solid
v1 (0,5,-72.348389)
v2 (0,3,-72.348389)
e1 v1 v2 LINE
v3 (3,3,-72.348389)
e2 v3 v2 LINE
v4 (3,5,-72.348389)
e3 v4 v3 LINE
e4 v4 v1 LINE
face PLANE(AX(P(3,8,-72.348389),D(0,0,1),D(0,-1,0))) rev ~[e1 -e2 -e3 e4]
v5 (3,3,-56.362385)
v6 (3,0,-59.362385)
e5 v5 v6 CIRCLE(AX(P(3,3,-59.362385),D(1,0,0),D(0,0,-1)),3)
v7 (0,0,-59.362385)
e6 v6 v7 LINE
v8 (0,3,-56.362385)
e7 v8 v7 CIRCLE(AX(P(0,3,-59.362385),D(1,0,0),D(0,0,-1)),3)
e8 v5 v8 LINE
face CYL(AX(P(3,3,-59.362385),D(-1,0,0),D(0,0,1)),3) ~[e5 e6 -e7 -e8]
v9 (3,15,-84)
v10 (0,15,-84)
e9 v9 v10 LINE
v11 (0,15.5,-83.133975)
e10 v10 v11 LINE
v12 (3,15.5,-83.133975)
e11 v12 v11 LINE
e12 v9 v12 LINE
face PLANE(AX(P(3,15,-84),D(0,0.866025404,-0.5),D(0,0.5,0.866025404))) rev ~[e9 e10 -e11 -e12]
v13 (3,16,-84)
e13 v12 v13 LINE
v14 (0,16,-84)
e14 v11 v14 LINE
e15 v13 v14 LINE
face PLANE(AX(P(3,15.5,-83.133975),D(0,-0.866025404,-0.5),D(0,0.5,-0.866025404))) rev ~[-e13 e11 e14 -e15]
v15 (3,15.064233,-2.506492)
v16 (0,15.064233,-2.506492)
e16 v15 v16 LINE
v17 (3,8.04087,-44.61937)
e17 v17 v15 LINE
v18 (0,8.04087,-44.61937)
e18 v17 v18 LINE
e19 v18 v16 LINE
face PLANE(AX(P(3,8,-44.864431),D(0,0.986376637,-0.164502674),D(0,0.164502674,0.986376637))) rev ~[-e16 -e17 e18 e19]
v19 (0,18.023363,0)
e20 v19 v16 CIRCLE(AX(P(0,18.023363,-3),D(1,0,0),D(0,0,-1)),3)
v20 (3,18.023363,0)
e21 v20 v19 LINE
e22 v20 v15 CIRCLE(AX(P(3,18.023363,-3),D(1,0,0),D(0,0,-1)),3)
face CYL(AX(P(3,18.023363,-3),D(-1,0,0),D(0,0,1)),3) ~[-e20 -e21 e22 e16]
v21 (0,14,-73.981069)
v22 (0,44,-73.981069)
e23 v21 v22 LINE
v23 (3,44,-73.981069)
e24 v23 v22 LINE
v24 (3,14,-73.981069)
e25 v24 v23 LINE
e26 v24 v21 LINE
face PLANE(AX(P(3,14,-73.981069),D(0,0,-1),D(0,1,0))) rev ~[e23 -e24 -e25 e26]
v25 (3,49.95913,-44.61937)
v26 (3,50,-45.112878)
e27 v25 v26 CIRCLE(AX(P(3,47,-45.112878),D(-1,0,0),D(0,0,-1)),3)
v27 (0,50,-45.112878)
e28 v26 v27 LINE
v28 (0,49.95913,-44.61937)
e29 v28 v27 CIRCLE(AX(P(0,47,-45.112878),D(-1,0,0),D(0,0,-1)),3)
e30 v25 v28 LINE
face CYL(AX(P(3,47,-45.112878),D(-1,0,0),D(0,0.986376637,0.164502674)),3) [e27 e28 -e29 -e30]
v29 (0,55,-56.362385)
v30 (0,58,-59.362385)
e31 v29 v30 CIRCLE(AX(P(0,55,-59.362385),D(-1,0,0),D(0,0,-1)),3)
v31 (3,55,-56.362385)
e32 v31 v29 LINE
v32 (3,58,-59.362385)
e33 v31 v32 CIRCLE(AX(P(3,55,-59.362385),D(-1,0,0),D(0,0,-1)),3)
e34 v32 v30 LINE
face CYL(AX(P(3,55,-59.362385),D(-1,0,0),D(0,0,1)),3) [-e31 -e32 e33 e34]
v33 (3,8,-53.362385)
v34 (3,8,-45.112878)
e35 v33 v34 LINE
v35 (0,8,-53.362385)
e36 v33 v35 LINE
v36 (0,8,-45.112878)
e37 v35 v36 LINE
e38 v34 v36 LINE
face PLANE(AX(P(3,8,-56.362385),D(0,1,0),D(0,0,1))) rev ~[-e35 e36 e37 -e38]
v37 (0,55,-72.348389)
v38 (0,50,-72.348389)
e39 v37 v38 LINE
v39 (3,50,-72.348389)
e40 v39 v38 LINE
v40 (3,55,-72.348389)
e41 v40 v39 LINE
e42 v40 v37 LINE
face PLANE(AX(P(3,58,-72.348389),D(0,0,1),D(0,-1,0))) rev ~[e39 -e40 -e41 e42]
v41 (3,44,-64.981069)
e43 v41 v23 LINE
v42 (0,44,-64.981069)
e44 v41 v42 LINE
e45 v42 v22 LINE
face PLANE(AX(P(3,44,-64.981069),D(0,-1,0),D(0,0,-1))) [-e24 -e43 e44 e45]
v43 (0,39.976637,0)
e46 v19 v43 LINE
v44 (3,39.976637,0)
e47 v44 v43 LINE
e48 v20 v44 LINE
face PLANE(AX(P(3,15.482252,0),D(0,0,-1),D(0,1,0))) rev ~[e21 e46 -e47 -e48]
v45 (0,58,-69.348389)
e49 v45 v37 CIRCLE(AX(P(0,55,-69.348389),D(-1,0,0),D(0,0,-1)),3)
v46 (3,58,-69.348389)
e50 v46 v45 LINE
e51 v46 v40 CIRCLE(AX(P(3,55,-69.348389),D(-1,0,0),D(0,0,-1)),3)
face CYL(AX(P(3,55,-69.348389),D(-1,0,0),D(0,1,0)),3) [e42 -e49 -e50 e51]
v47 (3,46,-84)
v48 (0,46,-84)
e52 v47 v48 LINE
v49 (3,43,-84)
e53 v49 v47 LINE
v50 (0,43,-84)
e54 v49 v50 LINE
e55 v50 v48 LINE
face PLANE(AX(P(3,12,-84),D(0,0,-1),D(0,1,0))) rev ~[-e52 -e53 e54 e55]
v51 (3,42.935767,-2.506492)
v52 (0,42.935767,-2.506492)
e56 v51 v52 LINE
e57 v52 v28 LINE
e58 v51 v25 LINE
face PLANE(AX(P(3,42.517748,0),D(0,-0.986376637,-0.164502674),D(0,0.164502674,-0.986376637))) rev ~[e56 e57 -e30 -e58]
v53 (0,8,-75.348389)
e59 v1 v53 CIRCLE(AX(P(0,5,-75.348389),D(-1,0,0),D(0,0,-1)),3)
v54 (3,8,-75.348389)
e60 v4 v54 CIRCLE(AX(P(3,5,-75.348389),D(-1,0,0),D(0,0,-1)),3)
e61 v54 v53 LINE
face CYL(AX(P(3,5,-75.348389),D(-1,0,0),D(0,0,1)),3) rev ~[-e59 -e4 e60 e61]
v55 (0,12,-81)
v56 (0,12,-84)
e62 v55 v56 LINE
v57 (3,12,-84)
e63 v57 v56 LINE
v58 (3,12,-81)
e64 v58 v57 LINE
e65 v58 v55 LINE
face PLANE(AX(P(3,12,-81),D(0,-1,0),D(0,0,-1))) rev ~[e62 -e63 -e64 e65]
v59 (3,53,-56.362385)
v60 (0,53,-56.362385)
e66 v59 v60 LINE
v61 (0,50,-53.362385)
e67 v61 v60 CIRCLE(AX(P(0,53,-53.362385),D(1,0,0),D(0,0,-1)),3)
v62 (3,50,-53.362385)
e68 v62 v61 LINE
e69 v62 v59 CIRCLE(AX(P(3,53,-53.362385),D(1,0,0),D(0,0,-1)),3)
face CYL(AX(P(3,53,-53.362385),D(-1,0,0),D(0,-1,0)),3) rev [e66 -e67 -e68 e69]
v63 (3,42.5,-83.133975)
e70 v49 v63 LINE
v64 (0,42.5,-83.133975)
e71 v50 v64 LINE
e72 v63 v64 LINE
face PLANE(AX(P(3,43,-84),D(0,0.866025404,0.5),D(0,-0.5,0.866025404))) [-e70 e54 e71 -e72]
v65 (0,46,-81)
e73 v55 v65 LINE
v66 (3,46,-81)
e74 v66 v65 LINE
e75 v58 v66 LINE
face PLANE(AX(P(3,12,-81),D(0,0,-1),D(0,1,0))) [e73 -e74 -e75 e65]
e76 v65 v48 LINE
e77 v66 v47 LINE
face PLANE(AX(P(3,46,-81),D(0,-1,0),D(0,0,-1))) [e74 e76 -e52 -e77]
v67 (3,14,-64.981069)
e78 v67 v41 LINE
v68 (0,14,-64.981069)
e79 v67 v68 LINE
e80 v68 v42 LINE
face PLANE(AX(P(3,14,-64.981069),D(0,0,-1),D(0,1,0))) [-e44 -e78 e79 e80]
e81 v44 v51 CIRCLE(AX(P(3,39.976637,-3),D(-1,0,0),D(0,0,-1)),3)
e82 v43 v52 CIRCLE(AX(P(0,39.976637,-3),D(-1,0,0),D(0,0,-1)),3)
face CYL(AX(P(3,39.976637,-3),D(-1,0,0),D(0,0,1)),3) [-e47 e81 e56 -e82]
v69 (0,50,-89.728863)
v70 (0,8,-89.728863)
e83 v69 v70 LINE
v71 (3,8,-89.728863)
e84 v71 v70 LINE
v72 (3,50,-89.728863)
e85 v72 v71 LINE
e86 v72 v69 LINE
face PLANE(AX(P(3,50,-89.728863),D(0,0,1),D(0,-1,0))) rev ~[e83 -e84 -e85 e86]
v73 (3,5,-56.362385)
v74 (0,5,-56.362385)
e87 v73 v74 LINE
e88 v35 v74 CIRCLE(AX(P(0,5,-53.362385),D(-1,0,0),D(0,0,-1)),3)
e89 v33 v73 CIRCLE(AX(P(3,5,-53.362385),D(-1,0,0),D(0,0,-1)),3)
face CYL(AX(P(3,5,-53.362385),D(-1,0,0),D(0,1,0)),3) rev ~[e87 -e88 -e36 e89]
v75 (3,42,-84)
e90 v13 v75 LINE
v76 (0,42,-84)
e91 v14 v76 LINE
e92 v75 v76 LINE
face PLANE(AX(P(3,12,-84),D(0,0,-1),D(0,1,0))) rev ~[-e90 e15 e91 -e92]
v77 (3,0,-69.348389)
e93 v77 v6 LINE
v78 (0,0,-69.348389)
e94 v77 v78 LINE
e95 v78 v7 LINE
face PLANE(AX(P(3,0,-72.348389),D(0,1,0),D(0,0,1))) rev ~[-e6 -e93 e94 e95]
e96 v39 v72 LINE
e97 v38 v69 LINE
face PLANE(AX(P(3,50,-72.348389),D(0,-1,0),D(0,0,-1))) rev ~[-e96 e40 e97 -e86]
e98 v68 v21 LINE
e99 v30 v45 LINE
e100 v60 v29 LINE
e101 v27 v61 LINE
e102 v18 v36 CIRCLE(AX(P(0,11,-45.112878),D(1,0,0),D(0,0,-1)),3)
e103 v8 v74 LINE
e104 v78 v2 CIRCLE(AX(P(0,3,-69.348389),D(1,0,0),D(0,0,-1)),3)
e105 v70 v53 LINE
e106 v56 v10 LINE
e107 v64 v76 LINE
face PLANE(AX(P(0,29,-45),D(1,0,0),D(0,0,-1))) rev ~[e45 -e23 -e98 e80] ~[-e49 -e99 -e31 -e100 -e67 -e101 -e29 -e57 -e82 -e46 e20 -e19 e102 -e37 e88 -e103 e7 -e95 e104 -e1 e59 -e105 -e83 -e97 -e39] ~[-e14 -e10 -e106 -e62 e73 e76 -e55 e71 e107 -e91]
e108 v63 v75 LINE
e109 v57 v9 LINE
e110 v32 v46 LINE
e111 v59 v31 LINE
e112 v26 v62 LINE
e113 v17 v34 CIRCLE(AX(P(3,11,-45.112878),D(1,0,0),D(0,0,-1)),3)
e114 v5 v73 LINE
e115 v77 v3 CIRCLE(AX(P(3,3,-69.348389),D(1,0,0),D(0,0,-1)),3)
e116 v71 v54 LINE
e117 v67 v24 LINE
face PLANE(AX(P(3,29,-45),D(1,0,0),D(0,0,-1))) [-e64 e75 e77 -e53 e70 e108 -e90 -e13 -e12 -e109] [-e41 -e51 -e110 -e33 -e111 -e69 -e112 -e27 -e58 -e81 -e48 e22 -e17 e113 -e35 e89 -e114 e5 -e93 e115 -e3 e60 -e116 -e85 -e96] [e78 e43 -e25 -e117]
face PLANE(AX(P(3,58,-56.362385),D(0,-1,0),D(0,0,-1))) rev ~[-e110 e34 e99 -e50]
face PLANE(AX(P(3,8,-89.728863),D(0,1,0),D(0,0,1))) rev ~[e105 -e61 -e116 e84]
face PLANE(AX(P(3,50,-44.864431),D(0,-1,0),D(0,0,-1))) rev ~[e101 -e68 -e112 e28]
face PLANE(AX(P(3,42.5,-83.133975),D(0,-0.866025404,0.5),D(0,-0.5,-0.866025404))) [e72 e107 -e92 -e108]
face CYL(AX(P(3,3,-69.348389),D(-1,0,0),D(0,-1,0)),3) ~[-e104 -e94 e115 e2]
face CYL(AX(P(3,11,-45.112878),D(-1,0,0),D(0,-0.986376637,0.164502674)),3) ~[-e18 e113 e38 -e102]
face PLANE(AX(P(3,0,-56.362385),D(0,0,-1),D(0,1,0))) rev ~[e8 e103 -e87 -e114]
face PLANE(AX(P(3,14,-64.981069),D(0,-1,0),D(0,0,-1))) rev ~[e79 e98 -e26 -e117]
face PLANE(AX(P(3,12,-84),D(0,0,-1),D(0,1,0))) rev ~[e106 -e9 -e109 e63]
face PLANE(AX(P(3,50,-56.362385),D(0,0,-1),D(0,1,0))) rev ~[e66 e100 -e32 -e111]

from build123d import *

# Parameters (mm, degrees)
SKETCH_1_W           = 90
SKETCH_1_H           = 58
EXTRUDE_1_DEPTH      = 3
SKETCH_3_OUTSIDE_W   = 113.422
SKETCH_3_OUTSIDE_H   = 81.422
SKETCH_3_OUTSIDE_W_2 = 3
SKETCH_3_OUTSIDE_H_2 = 34
CUT_EXTRUDE_1_DEPTH  = 3
SKETCH_4_W           = 9
SKETCH_4_H           = 30
CUT_EXTRUDE_2_DEPTH  = 4
FILLET_1_R           = 3
EXTRUDE_2_DEPTH      = 3


with BuildPart() as part:
    # 스케치1 → 보스-돌출1 (new body)
    with BuildSketch(Plane(origin=(0, 0, 0), x_dir=(0, 0, -1), z_dir=(1, 0, 0))):
        with Locations((45, 29)):
            Rectangle(SKETCH_1_W, SKETCH_1_H)
    extrude(amount=EXTRUDE_1_DEPTH)

    # 스케치3 outside → 컷-돌출1 (cut)
    with BuildSketch(Plane(origin=(3, 0, 0), x_dir=(0, 0, -1), z_dir=(1, 0, 0))):
        with Locations((45, 29)):
            Rectangle(SKETCH_3_OUTSIDE_W, SKETCH_3_OUTSIDE_H)
        Polygon((44.864431473, 50), (56.362384973, 50), (56.362384973, 58), (72.348389068, 58), (72.348389068, 50), (89.728862946, 50), (89.728862946, 8), (72.348389068, 8), (72.348389068, 0), (56.362384973, 0), (56.362384973, 8), (44.864431473, 8), (0, 15.482252367), (0, 42.517747633), align=None, mode=Mode.SUBTRACT)
        with Locations((82.5, 29)):
            Rectangle(SKETCH_3_OUTSIDE_W_2, SKETCH_3_OUTSIDE_H_2)
    extrude(amount=-CUT_EXTRUDE_1_DEPTH, mode=Mode.SUBTRACT)

    # 스케치4 → 컷-돌출2 (cut, through all)
    with BuildSketch(Plane(origin=(3, 0, 0), x_dir=(0, 0, -1), z_dir=(1, 0, 0))):
        with Locations((69.481068703, 29)):
            Rectangle(SKETCH_4_W, SKETCH_4_H)
    extrude(amount=-CUT_EXTRUDE_2_DEPTH, mode=Mode.SUBTRACT)

    # 필렛1
    fillet_1_edges = [part.edges().sort_by_distance(p)[0] for p in [
        (1.5, 8, -72.348389068),
        (1.5, 0, -72.348389068),
        (1.5, 0, -56.362384973),
        (1.5, 8, -56.362384973),
        (1.5, 8, -44.864431473),
        (1.5, 15.482252367, 0),
        (1.5, 42.517747633, 0),
        (1.5, 50, -44.864431473),
        (1.5, 50, -56.362384973),
        (1.5, 58, -56.362384973),
        (1.5, 58, -72.348389068),
    ]]
    fillet(fillet_1_edges, radius=FILLET_1_R)

    # 스케치5 → 보스-돌출2 (add)
    with BuildSketch(Plane(origin=(3, 0, 0), x_dir=(0, 0, -1), z_dir=(1, 0, 0))):
        Polygon((84, 43), (83.133974596, 42.5), (84, 42), align=None)
        Polygon((83.133974596, 15.5), (84, 16), (84, 15), align=None)
    extrude(amount=-EXTRUDE_2_DEPTH)


solid = part.part
